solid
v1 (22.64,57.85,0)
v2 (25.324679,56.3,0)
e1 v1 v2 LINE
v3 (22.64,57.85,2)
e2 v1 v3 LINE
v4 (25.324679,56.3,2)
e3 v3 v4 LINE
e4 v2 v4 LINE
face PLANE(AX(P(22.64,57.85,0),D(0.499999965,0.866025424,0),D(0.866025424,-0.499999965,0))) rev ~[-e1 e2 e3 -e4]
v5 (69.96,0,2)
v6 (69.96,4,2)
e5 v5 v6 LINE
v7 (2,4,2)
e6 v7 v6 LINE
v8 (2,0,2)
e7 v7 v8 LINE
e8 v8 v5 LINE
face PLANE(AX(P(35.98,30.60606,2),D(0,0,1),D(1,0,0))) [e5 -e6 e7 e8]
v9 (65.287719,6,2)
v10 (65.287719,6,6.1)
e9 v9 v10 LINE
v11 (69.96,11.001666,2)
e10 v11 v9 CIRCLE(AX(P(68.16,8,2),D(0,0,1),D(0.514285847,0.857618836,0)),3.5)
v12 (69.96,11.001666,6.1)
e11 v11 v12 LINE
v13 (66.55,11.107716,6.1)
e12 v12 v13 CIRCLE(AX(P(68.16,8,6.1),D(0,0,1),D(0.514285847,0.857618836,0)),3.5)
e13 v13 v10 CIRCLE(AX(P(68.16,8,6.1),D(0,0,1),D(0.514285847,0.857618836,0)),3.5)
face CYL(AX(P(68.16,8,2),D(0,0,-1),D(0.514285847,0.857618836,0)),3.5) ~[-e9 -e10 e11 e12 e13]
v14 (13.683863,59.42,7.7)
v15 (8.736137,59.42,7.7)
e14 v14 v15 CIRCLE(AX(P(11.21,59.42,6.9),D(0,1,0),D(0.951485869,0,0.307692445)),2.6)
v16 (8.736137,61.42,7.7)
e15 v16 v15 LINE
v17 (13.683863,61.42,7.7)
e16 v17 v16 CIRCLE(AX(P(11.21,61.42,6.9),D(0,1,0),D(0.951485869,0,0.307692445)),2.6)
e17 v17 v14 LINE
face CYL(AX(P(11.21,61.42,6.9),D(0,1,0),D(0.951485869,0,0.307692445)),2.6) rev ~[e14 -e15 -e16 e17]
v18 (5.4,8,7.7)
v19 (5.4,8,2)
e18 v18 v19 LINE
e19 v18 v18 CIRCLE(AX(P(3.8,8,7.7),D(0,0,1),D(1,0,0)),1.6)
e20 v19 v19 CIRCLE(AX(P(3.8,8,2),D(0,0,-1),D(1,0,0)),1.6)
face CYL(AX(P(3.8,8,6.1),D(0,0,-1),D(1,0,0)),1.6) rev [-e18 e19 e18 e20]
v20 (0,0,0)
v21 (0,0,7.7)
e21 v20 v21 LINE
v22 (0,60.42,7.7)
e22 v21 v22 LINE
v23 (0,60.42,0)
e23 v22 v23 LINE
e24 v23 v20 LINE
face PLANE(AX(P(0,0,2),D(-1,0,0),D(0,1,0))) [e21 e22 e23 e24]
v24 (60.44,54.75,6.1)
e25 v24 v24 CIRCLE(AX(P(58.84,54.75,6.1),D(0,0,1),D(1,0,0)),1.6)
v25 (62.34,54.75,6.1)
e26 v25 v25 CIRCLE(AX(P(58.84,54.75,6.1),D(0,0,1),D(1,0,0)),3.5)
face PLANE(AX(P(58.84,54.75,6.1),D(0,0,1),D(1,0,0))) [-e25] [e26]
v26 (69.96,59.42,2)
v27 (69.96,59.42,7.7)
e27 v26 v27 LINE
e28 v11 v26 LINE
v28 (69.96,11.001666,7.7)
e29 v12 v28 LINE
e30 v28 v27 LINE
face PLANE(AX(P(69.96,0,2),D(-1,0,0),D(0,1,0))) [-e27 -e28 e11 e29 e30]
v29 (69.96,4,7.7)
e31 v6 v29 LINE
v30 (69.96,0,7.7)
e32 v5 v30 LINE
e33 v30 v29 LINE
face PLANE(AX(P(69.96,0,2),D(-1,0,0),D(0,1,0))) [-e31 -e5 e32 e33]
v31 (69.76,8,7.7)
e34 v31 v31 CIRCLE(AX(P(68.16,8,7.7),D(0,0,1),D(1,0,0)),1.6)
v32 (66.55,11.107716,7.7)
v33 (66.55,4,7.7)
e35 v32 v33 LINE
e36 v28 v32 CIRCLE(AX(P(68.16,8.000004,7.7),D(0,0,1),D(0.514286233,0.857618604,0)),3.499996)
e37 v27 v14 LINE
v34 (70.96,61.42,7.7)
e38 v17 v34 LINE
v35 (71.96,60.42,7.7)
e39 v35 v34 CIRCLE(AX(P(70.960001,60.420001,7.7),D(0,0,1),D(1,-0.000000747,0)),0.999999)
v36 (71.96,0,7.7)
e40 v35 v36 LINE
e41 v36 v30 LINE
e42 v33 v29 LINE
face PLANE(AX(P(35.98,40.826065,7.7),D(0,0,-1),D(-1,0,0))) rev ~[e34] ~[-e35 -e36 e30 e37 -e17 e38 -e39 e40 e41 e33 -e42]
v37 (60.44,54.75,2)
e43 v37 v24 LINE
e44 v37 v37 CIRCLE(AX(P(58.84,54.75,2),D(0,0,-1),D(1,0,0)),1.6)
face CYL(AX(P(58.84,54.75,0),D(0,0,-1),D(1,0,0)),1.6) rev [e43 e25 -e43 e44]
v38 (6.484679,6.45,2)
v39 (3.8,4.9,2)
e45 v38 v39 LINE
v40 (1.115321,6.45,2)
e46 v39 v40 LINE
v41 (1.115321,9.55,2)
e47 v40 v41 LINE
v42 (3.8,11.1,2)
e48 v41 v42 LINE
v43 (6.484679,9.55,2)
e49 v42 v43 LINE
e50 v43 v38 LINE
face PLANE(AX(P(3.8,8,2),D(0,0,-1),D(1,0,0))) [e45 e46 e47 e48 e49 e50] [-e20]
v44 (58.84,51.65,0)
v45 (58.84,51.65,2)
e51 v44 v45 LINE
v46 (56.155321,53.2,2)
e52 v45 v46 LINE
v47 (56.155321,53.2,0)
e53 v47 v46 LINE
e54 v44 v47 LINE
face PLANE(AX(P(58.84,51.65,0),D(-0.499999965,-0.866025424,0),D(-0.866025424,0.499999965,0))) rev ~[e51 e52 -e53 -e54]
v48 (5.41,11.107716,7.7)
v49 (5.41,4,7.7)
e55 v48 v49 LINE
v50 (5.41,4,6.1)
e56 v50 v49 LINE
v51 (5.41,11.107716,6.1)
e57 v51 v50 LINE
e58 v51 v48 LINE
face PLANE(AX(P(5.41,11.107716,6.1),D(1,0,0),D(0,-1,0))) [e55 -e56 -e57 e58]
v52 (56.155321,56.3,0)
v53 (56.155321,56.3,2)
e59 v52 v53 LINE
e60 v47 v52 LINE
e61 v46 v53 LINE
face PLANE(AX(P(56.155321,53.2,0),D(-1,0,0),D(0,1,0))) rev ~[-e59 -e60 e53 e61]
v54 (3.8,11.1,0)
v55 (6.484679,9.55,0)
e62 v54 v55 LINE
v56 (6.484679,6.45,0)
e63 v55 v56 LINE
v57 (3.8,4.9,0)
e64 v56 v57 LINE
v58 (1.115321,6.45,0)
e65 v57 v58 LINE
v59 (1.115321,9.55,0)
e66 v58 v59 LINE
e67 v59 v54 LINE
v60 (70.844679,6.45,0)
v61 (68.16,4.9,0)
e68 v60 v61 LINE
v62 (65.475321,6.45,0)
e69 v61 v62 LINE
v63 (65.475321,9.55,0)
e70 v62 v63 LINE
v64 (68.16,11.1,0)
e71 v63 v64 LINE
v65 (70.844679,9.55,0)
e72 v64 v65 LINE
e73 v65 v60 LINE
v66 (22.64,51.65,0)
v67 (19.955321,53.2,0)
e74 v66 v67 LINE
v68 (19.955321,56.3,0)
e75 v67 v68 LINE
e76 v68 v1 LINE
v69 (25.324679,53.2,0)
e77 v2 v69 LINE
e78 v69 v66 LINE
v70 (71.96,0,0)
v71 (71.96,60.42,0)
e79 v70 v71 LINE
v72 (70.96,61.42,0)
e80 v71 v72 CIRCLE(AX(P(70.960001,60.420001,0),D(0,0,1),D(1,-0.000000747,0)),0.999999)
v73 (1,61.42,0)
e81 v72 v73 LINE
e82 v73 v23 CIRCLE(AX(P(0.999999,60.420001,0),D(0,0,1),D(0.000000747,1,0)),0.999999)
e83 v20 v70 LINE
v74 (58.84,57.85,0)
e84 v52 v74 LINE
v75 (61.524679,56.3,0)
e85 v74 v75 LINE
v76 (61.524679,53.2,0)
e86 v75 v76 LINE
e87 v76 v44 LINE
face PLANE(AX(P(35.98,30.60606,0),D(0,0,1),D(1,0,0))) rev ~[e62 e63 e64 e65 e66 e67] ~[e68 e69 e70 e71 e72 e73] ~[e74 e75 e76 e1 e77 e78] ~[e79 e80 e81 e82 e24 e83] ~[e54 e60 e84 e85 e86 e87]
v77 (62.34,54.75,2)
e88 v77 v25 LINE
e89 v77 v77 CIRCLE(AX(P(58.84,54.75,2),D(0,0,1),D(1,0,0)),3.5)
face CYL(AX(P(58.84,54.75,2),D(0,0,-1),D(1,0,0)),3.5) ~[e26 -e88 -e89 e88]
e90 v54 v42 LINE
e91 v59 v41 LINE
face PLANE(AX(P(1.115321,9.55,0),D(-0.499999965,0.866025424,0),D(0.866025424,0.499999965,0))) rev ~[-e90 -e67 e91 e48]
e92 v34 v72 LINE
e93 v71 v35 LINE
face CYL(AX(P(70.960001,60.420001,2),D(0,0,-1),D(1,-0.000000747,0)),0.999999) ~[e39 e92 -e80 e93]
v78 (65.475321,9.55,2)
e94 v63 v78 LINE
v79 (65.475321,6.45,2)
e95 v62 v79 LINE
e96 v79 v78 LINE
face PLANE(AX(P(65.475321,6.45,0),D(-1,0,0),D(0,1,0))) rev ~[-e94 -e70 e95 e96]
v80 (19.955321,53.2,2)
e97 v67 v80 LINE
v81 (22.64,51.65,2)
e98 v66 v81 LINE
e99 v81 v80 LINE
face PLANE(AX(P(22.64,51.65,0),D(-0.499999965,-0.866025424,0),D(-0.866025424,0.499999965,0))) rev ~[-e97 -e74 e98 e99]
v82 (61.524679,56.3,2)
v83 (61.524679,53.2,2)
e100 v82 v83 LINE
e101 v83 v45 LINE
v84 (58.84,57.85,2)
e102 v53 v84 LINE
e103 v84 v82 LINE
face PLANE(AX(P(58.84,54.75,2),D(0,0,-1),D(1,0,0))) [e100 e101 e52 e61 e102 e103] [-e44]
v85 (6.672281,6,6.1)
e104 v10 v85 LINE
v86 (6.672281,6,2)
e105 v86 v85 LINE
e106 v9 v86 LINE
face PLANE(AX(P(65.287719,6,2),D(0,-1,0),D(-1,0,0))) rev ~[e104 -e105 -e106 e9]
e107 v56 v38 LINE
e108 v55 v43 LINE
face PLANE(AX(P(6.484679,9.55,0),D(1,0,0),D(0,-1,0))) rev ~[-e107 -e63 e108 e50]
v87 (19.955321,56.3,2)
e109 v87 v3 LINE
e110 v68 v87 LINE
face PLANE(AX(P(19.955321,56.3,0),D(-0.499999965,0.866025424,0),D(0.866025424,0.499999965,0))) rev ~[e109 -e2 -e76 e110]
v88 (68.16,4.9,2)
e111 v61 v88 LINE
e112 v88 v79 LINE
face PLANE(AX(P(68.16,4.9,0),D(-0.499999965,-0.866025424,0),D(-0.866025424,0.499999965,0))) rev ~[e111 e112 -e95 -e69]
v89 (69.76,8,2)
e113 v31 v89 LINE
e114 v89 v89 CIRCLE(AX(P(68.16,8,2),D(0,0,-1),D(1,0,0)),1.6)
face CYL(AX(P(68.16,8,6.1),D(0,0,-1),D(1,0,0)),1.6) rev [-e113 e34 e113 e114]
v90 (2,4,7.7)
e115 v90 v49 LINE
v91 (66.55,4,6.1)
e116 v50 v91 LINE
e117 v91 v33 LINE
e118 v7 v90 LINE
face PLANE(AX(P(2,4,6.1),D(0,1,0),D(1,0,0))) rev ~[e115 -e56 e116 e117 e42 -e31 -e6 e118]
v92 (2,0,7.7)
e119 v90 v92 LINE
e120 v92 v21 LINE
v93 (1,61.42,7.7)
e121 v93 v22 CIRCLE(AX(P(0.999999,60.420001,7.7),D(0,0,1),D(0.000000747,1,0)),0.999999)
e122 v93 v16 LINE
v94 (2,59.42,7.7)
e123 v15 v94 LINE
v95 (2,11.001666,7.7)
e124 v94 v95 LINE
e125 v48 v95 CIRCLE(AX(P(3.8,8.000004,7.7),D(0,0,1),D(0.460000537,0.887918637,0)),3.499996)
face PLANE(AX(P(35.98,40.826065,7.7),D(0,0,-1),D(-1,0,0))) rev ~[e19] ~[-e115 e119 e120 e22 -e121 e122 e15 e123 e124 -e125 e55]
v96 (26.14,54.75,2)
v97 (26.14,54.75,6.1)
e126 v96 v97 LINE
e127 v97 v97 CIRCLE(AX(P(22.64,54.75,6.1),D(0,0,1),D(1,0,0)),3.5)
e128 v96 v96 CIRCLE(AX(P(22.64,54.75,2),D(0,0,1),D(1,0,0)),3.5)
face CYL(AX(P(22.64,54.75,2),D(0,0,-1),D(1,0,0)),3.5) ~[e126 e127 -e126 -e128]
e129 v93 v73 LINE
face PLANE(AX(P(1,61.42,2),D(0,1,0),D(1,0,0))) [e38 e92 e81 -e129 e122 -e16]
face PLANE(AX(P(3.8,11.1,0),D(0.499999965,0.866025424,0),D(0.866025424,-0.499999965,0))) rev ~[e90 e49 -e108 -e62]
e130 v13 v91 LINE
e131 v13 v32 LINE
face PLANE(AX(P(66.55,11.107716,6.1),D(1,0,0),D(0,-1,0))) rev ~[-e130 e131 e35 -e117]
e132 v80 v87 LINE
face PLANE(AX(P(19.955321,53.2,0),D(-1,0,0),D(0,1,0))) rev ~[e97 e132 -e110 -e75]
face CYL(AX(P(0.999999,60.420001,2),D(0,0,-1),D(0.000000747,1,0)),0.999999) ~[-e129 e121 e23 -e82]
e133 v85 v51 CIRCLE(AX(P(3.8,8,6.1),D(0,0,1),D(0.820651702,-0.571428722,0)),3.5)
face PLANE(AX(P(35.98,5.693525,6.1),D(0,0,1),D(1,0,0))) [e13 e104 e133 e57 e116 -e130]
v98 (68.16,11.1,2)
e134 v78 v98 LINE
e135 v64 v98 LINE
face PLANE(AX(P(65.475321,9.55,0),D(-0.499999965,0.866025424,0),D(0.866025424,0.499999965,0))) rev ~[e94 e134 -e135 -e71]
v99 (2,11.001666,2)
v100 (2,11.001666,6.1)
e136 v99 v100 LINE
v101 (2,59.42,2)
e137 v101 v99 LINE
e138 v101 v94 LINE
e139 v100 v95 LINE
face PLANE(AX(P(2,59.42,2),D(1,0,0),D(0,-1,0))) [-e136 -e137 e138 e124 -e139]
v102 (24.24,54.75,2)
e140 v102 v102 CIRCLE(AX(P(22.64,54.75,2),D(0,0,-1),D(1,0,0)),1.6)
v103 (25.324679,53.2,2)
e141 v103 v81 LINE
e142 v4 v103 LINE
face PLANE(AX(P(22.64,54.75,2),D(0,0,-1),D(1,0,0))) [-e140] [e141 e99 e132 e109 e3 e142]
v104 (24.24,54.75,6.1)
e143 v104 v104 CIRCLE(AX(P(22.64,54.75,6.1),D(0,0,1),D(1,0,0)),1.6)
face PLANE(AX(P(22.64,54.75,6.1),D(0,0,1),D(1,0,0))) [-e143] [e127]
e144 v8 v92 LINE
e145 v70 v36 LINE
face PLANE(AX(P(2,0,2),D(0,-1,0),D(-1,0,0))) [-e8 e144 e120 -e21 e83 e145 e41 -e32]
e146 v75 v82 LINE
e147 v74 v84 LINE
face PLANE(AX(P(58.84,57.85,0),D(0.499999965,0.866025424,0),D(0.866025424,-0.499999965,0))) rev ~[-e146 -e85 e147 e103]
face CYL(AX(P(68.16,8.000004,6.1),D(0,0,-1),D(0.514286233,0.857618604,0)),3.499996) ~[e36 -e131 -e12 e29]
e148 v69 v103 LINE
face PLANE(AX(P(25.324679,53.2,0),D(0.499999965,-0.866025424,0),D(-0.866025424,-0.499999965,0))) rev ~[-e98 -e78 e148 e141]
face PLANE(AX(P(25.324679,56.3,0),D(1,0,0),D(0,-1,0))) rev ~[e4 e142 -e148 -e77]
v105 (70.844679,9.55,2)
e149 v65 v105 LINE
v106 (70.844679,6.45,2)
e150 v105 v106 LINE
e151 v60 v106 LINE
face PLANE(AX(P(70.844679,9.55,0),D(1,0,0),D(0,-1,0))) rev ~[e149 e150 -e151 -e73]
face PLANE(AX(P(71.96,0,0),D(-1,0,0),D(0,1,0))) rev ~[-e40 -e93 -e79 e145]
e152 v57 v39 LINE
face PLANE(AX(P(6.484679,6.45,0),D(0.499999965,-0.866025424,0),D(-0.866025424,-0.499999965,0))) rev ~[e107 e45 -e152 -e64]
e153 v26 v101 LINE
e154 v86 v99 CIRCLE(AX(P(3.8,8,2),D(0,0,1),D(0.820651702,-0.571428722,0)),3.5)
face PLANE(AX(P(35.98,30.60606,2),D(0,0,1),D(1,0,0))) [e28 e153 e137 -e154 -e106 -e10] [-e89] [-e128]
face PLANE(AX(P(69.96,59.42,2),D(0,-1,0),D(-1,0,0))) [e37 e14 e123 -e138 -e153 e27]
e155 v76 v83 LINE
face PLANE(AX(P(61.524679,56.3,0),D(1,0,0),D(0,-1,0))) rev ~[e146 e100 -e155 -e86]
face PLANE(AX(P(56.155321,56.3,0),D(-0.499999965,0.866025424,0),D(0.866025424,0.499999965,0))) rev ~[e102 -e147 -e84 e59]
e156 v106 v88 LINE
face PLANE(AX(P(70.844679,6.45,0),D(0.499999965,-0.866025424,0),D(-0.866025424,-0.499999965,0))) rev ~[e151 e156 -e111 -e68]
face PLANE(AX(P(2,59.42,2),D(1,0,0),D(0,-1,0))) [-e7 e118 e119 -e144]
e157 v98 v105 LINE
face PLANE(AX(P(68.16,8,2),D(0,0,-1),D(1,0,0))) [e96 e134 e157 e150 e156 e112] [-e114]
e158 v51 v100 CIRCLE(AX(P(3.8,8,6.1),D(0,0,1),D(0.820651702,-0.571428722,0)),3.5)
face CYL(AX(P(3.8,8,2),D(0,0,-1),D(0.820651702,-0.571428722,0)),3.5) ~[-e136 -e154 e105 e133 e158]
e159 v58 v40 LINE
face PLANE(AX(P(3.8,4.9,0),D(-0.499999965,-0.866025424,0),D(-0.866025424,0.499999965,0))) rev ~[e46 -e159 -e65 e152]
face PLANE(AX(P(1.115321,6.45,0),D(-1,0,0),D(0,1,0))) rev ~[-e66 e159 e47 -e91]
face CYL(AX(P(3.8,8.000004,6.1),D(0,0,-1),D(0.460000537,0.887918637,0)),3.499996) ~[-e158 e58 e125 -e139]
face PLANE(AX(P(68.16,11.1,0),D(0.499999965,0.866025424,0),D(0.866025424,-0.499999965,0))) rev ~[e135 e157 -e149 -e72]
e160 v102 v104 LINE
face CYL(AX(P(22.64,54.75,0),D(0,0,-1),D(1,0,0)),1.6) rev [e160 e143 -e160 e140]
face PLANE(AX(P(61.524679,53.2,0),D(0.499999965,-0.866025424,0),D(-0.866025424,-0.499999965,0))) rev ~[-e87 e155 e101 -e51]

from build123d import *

# Parameters (mm, degrees)
EXTRUDE013_DEPTH = 2
SKETCH002_R      = 3.5
SKETCH002_R_2    = 1.6
EXTRUDE002_DEPTH = 4.1
SKETCH003_R      = 1.6
EXTRUDE003_DEPTH = 1.6
EXTRUDE008_DEPTH = 4
EXTRUDE001_DEPTH = 5.7
SKETCH_R         = 1.6
EXTRUDE_DEPTH    = 2


with BuildPart() as extrude013:
    # Sketch013 (on Face1 of Fusion) → Extrude013 (new body)
    with BuildSketch(Plane(origin=(0, 0, 0), x_dir=(1, 0, 0), z_dir=(0, 0, -1))):
        Polygon((6.484679, -9.55), (6.484679, -6.45), (3.8, -4.9), (1.115321, -6.45), (1.115321, -9.55), (3.8, -11.1), align=None)
        Polygon((68.16, -11.1), (70.844679, -9.55), (70.844679, -6.45), (68.16, -4.9), (65.475321, -6.45), (65.475321, -9.55), align=None)
        Polygon((61.524679, -53.2), (58.84, -51.65), (56.155321, -53.2), (56.155321, -56.3), (58.84, -57.85), (61.524679, -56.3), align=None)
        Polygon((25.324679, -53.2), (22.64, -51.65), (19.955321, -53.2), (19.955321, -56.3), (22.64, -57.85), (25.324679, -56.3), align=None)
    extrude(amount=-EXTRUDE013_DEPTH)


with BuildPart() as extrude002:
    # Sketch002 (on Face12 of Extrude) → Extrude002 (new body)
    with BuildSketch(Plane.XY.offset(2)):
        with Locations((22.64, 54.75)):
            Circle(SKETCH002_R)
        with Locations((22.64, 54.75)):
            Circle(SKETCH002_R_2, mode=Mode.SUBTRACT)
        with Locations((58.84, 54.75)):
            Circle(SKETCH002_R)
        with Locations((58.84, 54.75)):
            Circle(SKETCH002_R_2, mode=Mode.SUBTRACT)
        with BuildLine():
            ThreePointArc((6.672281, 6), (6.357658, 10.389223), (2, 11.001666))
            Line((2, 4), (2, 11.001666))
            Line((2, 4), (69.96, 4))
            Line((69.96, 4), (69.96, 11.001666))
            ThreePointArc((69.96, 11.001666), (65.602342, 10.389223), (65.287719, 6))
            Line((65.287719, 6), (6.672281, 6))
        make_face()
        with Locations((3.8, 8)):
            Circle(SKETCH002_R_2, mode=Mode.SUBTRACT)
        with Locations((68.16, 8)):
            Circle(SKETCH002_R_2, mode=Mode.SUBTRACT)
    extrude(amount=EXTRUDE002_DEPTH)


with BuildPart() as extrude003:
    # Sketch003 (on Face10 of Extrude002) → Extrude003 (new body)
    with BuildSketch(Plane.XY.offset(6.1)):
        with BuildLine():
            Line((66.55, 4), (69.96, 4))
            Line((69.96, 4), (69.96, 11.001666))
            ThreePointArc((69.96, 11.001666), (68.268796, 11.498309), (66.55, 11.107716))
            Line((66.55, 11.107716), (66.55, 4))
        make_face()
        with Locations((68.16, 8)):
            Circle(SKETCH003_R, mode=Mode.SUBTRACT)
        with BuildLine():
            ThreePointArc((5.41, 11.107716), (3.691204, 11.498309), (2, 11.001666))
            Line((2, 11.001666), (2, 4))
            Line((2, 4), (5.41, 4))
            Line((5.41, 11.107716), (5.41, 4))
        make_face()
        with Locations((3.8, 8)):
            Circle(SKETCH003_R, mode=Mode.SUBTRACT)
    extrude(amount=EXTRUDE003_DEPTH)


with BuildPart() as extrude008:
    # Sketch008 (on Face9 of Extrude001) → Extrude008 (new body)
    with BuildSketch(Plane(origin=(0, 61.42, 0), x_dir=(-1, 0, 0), z_dir=(0, 1, 0))):
        with BuildLine():
            ThreePointArc((-13.683863, 7.7), (-11.21, 4.3), (-8.736137, 7.7))
            Line((-13.683863, 7.7), (-8.736137, 7.7))
        make_face()
    extrude(amount=-EXTRUDE008_DEPTH)


with BuildPart() as cut:
    # Sketch001 (on Face12 of Extrude) → Extrude001 (new body)
    with BuildSketch(Plane.XY.offset(2)):
        with BuildLine():
            Line((0, 0), (0, 60.42))
            ThreePointArc((1, 61.42), (0.292893, 61.127107), (0, 60.42))
            Line((1, 61.42), (70.96, 61.42))
            ThreePointArc((71.96, 60.42), (71.667107, 61.127107), (70.96, 61.42))
            Line((71.96, 60.42), (71.96, 0))
            Line((71.96, 0), (69.96, 0))
            Line((69.96, 0), (69.96, 59.42))
            Line((69.96, 59.42), (2, 59.42))
            Line((2, 59.42), (2, 0))
            Line((2, 0), (0, 0))
        make_face()
    extrude(amount=EXTRUDE001_DEPTH)

    # Cut: cut Extrude008
    add(extrude008.part, mode=Mode.SUBTRACT)


with BuildPart() as cut005:
    # Sketch → Extrude (new body)
    with BuildSketch(Plane.XY):
        with BuildLine():
            Line((0, 0), (71.96, 0))
            Line((71.96, 0), (71.96, 60.42))
            ThreePointArc((71.96, 60.42), (71.667107, 61.127107), (70.96, 61.42))
            Line((70.96, 61.42), (1, 61.42))
            ThreePointArc((1, 61.42), (0.292893, 61.127107), (0, 60.42))
            Line((0, 60.42), (0, 0))
        make_face()
        with Locations((22.64, 54.75)):
            Circle(SKETCH_R, mode=Mode.SUBTRACT)
        with Locations((58.84, 54.75)):
            Circle(SKETCH_R, mode=Mode.SUBTRACT)
        with Locations((3.8, 8)):
            Circle(SKETCH_R, mode=Mode.SUBTRACT)
        with Locations((68.16, 8)):
            Circle(SKETCH_R, mode=Mode.SUBTRACT)
    extrude(amount=EXTRUDE_DEPTH)

    # Fusion: union Extrude002, Extrude003, Cut
    add(extrude002.part)
    add(extrude003.part)
    add(cut.part)

    # Cut005: cut Extrude013
    add(extrude013.part, mode=Mode.SUBTRACT)


solid = cut005.part
